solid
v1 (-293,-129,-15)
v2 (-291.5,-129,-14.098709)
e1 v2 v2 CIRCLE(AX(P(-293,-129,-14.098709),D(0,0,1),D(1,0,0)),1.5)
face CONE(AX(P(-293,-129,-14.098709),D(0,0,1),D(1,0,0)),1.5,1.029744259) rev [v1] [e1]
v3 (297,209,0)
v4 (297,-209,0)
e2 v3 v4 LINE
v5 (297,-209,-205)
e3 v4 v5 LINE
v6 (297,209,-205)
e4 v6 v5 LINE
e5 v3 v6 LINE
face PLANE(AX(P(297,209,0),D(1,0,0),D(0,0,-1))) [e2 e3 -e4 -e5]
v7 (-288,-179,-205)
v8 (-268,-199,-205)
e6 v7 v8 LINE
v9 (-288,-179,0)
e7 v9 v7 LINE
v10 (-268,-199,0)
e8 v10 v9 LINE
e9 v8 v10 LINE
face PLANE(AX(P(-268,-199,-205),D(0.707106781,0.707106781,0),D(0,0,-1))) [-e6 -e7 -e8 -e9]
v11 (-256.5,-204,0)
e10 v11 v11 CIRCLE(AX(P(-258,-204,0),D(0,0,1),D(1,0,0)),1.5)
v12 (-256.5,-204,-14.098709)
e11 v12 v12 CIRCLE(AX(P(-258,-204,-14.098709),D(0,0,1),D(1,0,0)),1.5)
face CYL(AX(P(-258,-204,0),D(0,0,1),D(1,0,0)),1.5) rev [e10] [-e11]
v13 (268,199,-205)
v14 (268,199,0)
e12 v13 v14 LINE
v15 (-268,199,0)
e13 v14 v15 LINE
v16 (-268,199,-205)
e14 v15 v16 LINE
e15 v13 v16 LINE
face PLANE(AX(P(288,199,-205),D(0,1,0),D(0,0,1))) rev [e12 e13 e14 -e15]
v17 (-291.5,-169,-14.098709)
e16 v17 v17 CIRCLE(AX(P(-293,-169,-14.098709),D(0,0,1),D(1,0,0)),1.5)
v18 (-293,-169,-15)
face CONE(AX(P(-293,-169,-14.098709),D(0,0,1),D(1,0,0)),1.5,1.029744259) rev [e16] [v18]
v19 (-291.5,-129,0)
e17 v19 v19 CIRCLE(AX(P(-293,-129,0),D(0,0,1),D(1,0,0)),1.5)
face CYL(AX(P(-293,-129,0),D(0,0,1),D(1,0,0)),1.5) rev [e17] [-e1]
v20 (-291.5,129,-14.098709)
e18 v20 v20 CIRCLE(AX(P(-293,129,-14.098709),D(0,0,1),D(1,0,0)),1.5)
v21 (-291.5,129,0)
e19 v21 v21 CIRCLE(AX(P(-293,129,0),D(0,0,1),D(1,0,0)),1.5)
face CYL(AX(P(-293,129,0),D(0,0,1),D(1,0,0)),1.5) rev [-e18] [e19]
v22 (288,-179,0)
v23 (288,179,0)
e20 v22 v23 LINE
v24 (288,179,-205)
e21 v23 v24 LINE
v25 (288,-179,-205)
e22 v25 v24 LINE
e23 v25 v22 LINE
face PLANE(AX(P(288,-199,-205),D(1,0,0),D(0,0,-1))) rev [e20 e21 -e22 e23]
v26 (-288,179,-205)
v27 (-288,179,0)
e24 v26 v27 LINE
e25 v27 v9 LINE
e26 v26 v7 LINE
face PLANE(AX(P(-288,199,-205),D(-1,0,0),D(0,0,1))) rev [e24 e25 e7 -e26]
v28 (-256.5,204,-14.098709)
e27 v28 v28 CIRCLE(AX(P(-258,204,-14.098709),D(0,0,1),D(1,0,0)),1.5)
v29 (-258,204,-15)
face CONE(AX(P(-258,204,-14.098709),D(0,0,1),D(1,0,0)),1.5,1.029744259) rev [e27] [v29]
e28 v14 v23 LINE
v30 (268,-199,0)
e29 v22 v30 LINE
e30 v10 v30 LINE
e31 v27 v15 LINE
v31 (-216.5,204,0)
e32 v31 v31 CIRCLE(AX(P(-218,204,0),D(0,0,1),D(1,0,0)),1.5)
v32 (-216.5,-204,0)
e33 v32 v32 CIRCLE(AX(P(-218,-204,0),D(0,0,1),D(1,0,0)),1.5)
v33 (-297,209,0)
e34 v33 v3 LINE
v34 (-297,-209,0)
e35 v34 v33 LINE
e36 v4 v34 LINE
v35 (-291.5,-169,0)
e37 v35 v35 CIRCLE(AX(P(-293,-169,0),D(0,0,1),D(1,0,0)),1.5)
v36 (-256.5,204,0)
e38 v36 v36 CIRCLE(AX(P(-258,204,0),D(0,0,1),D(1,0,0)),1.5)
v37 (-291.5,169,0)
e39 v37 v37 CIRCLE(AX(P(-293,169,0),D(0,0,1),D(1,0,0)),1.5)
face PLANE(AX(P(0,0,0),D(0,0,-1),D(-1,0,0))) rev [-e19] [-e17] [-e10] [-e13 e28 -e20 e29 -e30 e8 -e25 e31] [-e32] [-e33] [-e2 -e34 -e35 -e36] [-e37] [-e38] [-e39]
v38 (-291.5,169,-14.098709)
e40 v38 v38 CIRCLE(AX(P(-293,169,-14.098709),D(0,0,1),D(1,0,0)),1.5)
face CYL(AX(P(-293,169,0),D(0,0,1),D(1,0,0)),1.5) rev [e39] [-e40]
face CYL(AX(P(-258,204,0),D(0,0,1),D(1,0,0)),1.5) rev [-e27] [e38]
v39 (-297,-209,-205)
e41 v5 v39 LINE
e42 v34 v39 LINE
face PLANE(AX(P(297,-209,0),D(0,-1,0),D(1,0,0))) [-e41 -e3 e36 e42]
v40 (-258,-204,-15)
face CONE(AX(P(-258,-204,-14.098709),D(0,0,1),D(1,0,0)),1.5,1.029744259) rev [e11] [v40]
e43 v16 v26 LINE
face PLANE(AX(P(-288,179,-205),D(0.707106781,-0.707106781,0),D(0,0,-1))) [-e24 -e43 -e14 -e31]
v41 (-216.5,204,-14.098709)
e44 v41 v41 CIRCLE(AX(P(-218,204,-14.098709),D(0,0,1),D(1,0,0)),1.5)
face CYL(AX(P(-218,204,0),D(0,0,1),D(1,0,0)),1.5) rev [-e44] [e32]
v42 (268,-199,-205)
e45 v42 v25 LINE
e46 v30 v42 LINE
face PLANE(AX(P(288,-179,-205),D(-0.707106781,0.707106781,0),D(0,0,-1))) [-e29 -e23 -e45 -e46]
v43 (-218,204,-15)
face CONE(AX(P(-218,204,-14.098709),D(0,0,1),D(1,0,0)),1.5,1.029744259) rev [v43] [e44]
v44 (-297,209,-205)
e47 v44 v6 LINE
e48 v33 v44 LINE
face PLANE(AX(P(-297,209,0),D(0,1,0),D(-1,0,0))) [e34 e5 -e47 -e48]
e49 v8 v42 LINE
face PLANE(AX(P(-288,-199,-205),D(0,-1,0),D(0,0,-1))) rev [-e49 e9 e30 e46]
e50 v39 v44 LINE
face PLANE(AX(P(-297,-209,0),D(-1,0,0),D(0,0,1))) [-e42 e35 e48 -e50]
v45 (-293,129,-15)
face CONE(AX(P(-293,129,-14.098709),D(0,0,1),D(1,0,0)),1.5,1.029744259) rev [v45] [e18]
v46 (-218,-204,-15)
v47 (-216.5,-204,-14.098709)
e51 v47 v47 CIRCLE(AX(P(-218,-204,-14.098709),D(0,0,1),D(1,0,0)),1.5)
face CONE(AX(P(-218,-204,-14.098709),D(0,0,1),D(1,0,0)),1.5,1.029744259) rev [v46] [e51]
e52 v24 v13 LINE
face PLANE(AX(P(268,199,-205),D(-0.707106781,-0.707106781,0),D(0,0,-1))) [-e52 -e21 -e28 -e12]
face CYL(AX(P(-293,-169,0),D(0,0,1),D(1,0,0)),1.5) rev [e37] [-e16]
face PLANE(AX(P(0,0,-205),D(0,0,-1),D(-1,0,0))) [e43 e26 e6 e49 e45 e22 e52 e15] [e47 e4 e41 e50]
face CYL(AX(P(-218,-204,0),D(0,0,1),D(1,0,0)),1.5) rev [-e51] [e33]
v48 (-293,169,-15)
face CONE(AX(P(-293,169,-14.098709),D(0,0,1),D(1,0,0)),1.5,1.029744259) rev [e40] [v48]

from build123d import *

# Parameters (mm, degrees)
SKETCH_1_W                = 594
SKETCH_1_H                = 418
EXTRUDE_1_DEPTH           = 205
SKETCH_2_W                = 576
SKETCH_2_H                = 398
CUT_EXTRUDE_1_DEPTH       = 418.031173895
HOLE_WIZARD_3_0_3_1_D     = 3
HOLE_WIZARD_3_0_3_1_DEPTH = 14.098709071
HOLE_WIZARD_3_0_3_1_TIP   = 0.901290929
CHAMFER_1_SIZE            = 20


with BuildPart() as part:
    # Эскиз1 → Бобышка-Вытянуть1 (new body)
    with BuildSketch(Plane(origin=(0, 0, -205), x_dir=(-1, 0, 0), z_dir=(0, 0, -1))):
        Rectangle(SKETCH_1_W, SKETCH_1_H)
    extrude(amount=-EXTRUDE_1_DEPTH)

    # Эскиз2 → Вырез-Вытянуть1 (cut, through all)
    with BuildSketch(Plane.XY):
        Rectangle(SKETCH_2_W, SKETCH_2_H)
    extrude(amount=-CUT_EXTRUDE_1_DEPTH, mode=Mode.SUBTRACT)

    # Диаметр отверстия Ø3.0 (3)1
    with Locations(Plane.XY):
        with Locations((-293, -169), (-293, -129), (-258, 204), (-293, 169), (-293, 129), (-218, 204), (-258, -204), (-218, -204)):
            Hole(HOLE_WIZARD_3_0_3_1_D / 2, depth=HOLE_WIZARD_3_0_3_1_DEPTH)
            with Locations((0, 0, -(HOLE_WIZARD_3_0_3_1_DEPTH + HOLE_WIZARD_3_0_3_1_TIP / 2))):  # 118° drill point
                Cone(0, HOLE_WIZARD_3_0_3_1_D / 2, HOLE_WIZARD_3_0_3_1_TIP, mode=Mode.SUBTRACT)

    # Фаска1
    chamfer_1_edges = [part.edges().sort_by_distance(p)[0] for p in [
        (288, 199, -102.5),
        (288, -199, -102.5),
        (-288, -199, -102.5),
        (-288, 199, -102.5),
    ]]
    chamfer(chamfer_1_edges, length=CHAMFER_1_SIZE)


solid = part.part
